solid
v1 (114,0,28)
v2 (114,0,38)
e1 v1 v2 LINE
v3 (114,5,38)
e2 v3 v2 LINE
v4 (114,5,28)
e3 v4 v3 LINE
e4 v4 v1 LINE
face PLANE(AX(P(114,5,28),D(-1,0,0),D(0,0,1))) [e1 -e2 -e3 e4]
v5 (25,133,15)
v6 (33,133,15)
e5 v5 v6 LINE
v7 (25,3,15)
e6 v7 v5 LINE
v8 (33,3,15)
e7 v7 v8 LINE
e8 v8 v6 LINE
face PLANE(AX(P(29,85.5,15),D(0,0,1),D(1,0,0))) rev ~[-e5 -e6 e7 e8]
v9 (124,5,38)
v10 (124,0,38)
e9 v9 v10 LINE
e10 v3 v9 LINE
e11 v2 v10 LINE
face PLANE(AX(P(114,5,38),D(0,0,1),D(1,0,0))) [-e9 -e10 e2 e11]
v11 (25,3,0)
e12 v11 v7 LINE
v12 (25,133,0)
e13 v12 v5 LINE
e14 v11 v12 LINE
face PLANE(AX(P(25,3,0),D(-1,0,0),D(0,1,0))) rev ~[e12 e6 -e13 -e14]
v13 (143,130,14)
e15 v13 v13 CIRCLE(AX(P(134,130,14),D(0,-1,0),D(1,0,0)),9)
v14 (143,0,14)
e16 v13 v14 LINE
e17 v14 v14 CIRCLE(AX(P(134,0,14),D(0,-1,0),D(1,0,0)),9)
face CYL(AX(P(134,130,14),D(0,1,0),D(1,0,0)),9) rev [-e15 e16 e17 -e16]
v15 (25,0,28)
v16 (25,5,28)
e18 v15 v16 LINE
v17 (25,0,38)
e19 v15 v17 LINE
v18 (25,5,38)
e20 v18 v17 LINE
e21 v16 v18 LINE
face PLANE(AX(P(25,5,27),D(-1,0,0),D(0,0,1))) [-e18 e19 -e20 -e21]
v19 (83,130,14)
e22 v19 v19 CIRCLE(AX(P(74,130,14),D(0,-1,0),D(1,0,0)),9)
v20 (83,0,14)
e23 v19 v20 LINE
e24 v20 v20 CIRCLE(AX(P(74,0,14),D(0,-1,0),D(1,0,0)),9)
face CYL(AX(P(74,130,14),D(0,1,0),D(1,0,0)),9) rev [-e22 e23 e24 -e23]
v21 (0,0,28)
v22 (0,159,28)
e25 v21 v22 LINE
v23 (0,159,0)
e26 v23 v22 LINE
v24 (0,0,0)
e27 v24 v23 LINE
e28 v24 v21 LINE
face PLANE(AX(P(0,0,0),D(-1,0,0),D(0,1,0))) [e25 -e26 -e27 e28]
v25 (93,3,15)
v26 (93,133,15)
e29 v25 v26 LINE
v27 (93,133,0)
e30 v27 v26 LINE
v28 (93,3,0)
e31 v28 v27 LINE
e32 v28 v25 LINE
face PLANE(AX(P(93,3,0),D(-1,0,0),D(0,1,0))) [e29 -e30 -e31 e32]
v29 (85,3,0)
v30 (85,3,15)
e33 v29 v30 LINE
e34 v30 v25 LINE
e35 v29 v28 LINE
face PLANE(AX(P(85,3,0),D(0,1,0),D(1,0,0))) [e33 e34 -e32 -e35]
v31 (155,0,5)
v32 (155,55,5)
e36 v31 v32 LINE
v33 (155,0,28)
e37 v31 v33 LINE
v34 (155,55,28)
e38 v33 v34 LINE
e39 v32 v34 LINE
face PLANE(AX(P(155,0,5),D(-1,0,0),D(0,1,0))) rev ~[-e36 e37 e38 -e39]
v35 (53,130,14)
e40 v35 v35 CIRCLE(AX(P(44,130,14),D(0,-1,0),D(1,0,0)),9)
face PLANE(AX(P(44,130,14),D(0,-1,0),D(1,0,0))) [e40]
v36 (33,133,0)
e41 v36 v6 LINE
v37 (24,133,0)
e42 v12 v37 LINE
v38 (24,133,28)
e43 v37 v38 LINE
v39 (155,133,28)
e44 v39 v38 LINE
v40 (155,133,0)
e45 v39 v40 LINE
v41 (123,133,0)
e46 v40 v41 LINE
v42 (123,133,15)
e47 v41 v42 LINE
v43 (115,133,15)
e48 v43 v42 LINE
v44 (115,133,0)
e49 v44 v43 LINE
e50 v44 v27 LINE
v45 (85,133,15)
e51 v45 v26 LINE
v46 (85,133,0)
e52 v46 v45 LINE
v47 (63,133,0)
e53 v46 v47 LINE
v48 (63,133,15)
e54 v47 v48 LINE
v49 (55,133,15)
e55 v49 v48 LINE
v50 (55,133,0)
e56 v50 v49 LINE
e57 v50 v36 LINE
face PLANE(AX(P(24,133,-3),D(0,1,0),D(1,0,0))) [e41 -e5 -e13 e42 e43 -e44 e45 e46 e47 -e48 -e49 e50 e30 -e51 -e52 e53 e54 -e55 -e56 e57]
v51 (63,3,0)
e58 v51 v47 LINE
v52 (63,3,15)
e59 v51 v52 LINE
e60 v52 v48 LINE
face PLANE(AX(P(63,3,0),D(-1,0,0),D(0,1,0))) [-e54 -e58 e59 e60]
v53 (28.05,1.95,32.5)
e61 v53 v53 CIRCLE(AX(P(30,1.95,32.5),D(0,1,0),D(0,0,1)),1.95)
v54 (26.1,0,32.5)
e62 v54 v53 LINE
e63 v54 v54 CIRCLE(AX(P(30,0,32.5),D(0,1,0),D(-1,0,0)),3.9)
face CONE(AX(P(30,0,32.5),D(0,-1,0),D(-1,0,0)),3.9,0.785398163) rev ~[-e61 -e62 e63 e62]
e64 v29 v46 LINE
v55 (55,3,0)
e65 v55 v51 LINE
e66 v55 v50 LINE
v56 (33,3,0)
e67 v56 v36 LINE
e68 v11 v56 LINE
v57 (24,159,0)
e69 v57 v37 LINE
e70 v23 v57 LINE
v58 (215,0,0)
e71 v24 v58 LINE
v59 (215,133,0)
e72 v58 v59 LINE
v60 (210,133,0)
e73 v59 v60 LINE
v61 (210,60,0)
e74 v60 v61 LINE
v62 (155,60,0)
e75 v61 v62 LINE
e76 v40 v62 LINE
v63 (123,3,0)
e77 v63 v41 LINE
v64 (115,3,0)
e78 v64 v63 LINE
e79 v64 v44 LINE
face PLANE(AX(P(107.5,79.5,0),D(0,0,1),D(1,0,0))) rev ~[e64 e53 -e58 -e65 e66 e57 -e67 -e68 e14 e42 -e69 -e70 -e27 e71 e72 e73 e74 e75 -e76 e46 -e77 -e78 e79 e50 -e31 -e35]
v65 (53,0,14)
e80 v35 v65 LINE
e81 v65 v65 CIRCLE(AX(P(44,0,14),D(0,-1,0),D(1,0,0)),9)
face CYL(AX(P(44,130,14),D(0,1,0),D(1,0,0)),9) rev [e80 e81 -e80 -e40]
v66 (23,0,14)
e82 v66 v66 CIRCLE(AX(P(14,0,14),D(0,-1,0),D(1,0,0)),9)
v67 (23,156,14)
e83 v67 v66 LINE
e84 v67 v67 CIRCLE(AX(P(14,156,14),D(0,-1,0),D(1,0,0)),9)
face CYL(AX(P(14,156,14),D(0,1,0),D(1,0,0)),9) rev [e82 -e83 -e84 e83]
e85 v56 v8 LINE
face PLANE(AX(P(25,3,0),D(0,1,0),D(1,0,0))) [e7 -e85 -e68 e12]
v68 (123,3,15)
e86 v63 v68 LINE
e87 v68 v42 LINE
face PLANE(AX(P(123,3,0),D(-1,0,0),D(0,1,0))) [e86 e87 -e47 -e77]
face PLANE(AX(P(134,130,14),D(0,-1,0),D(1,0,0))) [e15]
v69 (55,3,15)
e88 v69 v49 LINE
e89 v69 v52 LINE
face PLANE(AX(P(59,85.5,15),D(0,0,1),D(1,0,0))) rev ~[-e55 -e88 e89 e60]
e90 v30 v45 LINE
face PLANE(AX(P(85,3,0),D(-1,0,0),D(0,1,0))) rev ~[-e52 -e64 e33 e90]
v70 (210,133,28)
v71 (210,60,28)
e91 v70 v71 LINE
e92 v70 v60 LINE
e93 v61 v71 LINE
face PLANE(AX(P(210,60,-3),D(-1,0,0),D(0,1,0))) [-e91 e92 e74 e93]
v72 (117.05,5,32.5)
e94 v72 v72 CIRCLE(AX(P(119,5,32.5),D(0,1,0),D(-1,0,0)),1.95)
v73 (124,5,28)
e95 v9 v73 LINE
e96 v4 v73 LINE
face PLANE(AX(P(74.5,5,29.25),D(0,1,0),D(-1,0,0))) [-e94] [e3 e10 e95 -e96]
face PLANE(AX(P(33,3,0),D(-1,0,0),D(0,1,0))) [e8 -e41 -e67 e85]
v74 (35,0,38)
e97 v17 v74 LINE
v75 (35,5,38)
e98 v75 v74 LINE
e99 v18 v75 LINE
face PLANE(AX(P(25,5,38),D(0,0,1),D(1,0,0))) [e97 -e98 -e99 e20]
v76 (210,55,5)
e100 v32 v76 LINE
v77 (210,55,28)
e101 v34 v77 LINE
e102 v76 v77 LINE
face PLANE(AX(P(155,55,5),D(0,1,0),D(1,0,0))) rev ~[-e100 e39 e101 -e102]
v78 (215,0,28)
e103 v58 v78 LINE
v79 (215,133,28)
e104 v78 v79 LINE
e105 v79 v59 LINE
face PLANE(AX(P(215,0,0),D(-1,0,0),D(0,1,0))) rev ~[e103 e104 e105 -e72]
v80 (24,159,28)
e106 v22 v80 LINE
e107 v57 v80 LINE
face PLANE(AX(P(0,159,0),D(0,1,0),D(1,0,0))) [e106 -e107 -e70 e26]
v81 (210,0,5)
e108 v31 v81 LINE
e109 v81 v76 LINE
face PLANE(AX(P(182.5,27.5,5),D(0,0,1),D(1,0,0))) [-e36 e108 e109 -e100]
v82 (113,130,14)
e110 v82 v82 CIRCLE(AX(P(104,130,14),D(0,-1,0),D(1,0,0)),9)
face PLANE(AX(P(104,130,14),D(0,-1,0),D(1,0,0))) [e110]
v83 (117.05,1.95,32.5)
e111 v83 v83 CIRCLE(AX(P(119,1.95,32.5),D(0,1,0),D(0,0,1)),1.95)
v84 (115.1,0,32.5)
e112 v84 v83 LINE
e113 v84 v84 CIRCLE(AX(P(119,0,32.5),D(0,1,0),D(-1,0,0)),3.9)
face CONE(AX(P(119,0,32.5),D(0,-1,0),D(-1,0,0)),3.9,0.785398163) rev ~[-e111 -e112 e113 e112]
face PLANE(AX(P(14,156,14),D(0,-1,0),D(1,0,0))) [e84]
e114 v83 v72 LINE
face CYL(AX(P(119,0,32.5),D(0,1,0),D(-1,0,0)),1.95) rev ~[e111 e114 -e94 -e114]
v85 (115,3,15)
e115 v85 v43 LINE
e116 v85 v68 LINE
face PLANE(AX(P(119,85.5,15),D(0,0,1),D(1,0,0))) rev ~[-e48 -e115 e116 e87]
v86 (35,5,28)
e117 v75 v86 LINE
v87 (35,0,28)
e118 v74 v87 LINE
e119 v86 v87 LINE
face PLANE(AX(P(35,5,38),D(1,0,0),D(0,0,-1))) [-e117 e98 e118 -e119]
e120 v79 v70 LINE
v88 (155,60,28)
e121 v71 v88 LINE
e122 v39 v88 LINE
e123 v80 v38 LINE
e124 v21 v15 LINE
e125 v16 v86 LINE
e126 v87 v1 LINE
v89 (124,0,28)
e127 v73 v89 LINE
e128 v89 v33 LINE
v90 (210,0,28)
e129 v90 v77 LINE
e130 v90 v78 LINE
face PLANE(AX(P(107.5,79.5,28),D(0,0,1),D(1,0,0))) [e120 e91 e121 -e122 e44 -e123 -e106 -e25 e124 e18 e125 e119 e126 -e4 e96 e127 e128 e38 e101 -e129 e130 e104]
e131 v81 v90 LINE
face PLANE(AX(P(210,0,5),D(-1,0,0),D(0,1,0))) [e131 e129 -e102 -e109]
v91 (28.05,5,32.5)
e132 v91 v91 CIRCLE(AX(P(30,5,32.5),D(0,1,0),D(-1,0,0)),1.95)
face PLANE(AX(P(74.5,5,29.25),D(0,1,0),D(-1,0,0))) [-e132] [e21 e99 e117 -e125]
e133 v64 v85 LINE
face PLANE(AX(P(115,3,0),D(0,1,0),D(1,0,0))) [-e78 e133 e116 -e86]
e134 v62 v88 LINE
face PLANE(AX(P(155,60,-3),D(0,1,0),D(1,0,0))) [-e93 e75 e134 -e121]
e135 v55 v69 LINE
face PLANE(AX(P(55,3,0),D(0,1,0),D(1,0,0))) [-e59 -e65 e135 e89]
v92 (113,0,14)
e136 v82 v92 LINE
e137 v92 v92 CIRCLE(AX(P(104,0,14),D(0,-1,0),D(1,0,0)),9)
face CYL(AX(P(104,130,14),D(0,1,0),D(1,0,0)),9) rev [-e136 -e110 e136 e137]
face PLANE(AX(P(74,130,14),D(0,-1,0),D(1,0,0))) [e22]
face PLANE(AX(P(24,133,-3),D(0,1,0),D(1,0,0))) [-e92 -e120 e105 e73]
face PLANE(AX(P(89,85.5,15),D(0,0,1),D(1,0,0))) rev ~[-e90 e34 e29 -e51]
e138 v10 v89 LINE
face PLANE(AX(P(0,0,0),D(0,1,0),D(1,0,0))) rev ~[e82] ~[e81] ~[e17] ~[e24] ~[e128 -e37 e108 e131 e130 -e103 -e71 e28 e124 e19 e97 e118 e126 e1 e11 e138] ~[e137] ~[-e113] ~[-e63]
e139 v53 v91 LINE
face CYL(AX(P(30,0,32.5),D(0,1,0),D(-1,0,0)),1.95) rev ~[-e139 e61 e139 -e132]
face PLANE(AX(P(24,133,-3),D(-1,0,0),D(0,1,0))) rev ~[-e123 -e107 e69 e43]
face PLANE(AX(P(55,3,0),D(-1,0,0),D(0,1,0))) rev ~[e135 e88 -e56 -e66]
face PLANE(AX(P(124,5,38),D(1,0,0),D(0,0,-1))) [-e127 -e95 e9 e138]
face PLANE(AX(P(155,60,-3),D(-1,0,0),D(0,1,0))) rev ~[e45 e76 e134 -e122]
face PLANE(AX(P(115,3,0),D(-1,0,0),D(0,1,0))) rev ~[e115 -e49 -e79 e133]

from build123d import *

# Parameters (mm, degrees)
CYLINDER004_R     = 9
CYLINDER004_DEPTH = 130
CYLINDER003_R     = 9
CYLINDER003_DEPTH = 130
CYLINDER002_R     = 9
CYLINDER002_DEPTH = 130
CYLINDER001_R     = 9
CYLINDER001_DEPTH = 130
CYLINDER_R        = 9
CYLINDER_DEPTH    = 156
BOX007_W          = 8
BOX007_H          = 165
BOX007_DEPTH      = 15
BOX006_W          = 8
BOX006_H          = 165
BOX006_DEPTH      = 15
BOX005_W          = 8
BOX005_H          = 165
BOX005_DEPTH      = 15
BOX004_W          = 8
BOX004_H          = 165
BOX004_DEPTH      = 15
BOX003_W          = 197
BOX003_H          = 103
BOX003_DEPTH      = 33
BOX002_W          = 55
BOX002_H          = 103
BOX002_DEPTH      = 34
BOX001_W          = 55
BOX001_H          = 55
BOX001_DEPTH      = 23
BOX_W             = 215
BOX_H             = 159
BOX_DEPTH         = 28
PAD_DEPTH         = 5
HOLE_D            = 3.9
HOLE_DEPTH        = 25
HOLE_CSINK_D      = 7.8
HOLE_CSINK_ANGLE  = 90


with BuildPart() as cylinder004:
    # Cylinder004 → Cylinder004 (new body)
    with BuildSketch(Plane(origin=(134, 130, 14), x_dir=(1, 0, 0), z_dir=(0, -1, 0))):
        Circle(CYLINDER004_R)
    extrude(amount=CYLINDER004_DEPTH)


with BuildPart() as cylinder003:
    # Cylinder003 → Cylinder003 (new body)
    with BuildSketch(Plane(origin=(104, 130, 14), x_dir=(1, 0, 0), z_dir=(0, -1, 0))):
        Circle(CYLINDER003_R)
    extrude(amount=CYLINDER003_DEPTH)


with BuildPart() as cylinder002:
    # Cylinder002 → Cylinder002 (new body)
    with BuildSketch(Plane(origin=(74, 130, 14), x_dir=(1, 0, 0), z_dir=(0, -1, 0))):
        Circle(CYLINDER002_R)
    extrude(amount=CYLINDER002_DEPTH)


with BuildPart() as cylinder001:
    # Cylinder001 → Cylinder001 (new body)
    with BuildSketch(Plane(origin=(44, 130, 14), x_dir=(1, 0, 0), z_dir=(0, -1, 0))):
        Circle(CYLINDER001_R)
    extrude(amount=CYLINDER001_DEPTH)


with BuildPart() as cylinder:
    # Cylinder → Cylinder (new body)
    with BuildSketch(Plane(origin=(14, 156, 14), x_dir=(1, 0, 0), z_dir=(0, -1, 0))):
        Circle(CYLINDER_R)
    extrude(amount=CYLINDER_DEPTH)


with BuildPart() as cube007:
    # Box007 → Box007 (new body)
    with BuildSketch(Plane(origin=(115, 3, 0), x_dir=(1, 0, 0), z_dir=(0, 0, 1))):
        with Locations((4, 82.5)):
            Rectangle(BOX007_W, BOX007_H)
    extrude(amount=BOX007_DEPTH)


with BuildPart() as cube006:
    # Box006 → Box006 (new body)
    with BuildSketch(Plane(origin=(85, 3, 0), x_dir=(1, 0, 0), z_dir=(0, 0, 1))):
        with Locations((4, 82.5)):
            Rectangle(BOX006_W, BOX006_H)
    extrude(amount=BOX006_DEPTH)


with BuildPart() as cube005:
    # Box005 → Box005 (new body)
    with BuildSketch(Plane(origin=(55, 3, 0), x_dir=(1, 0, 0), z_dir=(0, 0, 1))):
        with Locations((4, 82.5)):
            Rectangle(BOX005_W, BOX005_H)
    extrude(amount=BOX005_DEPTH)


with BuildPart() as cube004:
    # Box004 → Box004 (new body)
    with BuildSketch(Plane(origin=(25, 3, 0), x_dir=(1, 0, 0), z_dir=(0, 0, 1))):
        with Locations((4, 82.5)):
            Rectangle(BOX004_W, BOX004_H)
    extrude(amount=BOX004_DEPTH)


with BuildPart() as cube003:
    # Box003 → Box003 (new body)
    with BuildSketch(Plane(origin=(24, 133, -3), x_dir=(1, 0, 0), z_dir=(0, 0, 1))):
        with Locations((98.5, 51.5)):
            Rectangle(BOX003_W, BOX003_H)
    extrude(amount=BOX003_DEPTH)


with BuildPart() as cube002:
    # Box002 → Box002 (new body)
    with BuildSketch(Plane(origin=(155, 60, -3), x_dir=(1, 0, 0), z_dir=(0, 0, 1))):
        with Locations((27.5, 51.5)):
            Rectangle(BOX002_W, BOX002_H)
    extrude(amount=BOX002_DEPTH)


with BuildPart() as cube001:
    # Box001 → Box001 (new body)
    with BuildSketch(Plane(origin=(155, 0, 5), x_dir=(1, 0, 0), z_dir=(0, 0, 1))):
        with Locations((27.5, 27.5)):
            Rectangle(BOX001_W, BOX001_H)
    extrude(amount=BOX001_DEPTH)


with BuildPart() as cut011:
    # Box → Box (new body)
    with BuildSketch(Plane.XY):
        with Locations((107.5, 79.5)):
            Rectangle(BOX_W, BOX_H)
    extrude(amount=BOX_DEPTH)

    # Cut: cut Cube001
    add(cube001.part, mode=Mode.SUBTRACT)

    # Cut001: cut Cube002
    add(cube002.part, mode=Mode.SUBTRACT)

    # Cut002: cut Cube003
    add(cube003.part, mode=Mode.SUBTRACT)

    # Cut003: cut Cube004
    add(cube004.part, mode=Mode.SUBTRACT)

    # Cut004: cut Cube005
    add(cube005.part, mode=Mode.SUBTRACT)

    # Cut005: cut Cube006
    add(cube006.part, mode=Mode.SUBTRACT)

    # Cut006: cut Cube007
    add(cube007.part, mode=Mode.SUBTRACT)

    # Cut007: cut Cylinder
    add(cylinder.part, mode=Mode.SUBTRACT)

    # Cut008: cut Cylinder001
    add(cylinder001.part, mode=Mode.SUBTRACT)

    # Cut009: cut Cylinder002
    add(cylinder002.part, mode=Mode.SUBTRACT)

    # Cut010: cut Cylinder003
    add(cylinder003.part, mode=Mode.SUBTRACT)

    # Cut011: cut Cylinder004
    add(cylinder004.part, mode=Mode.SUBTRACT)


with BuildPart() as fusion:
    # Sketch → Pad (new body)
    with BuildSketch(Plane.XZ):
        Polygon((25, 38), (35, 38), (35, 28), (114, 28), (114, 38), (124, 38), (124, 27), (114, 27), (35, 27), (25, 27), align=None)
    extrude(amount=PAD_DEPTH)

    # Hole
    with Locations(Plane.XZ.offset(5)):
        with Locations((30, 32.5), (119, 32.5)):
            CounterSinkHole(HOLE_D / 2, HOLE_CSINK_D / 2, depth=HOLE_DEPTH, counter_sink_angle=HOLE_CSINK_ANGLE)


with BuildPart() as fusion_1:
    # Body placement: moved
    add(fusion.part.moved(Location((0, 5, 0))))

    # Fusion: union Cut011
    add(cut011.part)


solid = fusion_1.part
